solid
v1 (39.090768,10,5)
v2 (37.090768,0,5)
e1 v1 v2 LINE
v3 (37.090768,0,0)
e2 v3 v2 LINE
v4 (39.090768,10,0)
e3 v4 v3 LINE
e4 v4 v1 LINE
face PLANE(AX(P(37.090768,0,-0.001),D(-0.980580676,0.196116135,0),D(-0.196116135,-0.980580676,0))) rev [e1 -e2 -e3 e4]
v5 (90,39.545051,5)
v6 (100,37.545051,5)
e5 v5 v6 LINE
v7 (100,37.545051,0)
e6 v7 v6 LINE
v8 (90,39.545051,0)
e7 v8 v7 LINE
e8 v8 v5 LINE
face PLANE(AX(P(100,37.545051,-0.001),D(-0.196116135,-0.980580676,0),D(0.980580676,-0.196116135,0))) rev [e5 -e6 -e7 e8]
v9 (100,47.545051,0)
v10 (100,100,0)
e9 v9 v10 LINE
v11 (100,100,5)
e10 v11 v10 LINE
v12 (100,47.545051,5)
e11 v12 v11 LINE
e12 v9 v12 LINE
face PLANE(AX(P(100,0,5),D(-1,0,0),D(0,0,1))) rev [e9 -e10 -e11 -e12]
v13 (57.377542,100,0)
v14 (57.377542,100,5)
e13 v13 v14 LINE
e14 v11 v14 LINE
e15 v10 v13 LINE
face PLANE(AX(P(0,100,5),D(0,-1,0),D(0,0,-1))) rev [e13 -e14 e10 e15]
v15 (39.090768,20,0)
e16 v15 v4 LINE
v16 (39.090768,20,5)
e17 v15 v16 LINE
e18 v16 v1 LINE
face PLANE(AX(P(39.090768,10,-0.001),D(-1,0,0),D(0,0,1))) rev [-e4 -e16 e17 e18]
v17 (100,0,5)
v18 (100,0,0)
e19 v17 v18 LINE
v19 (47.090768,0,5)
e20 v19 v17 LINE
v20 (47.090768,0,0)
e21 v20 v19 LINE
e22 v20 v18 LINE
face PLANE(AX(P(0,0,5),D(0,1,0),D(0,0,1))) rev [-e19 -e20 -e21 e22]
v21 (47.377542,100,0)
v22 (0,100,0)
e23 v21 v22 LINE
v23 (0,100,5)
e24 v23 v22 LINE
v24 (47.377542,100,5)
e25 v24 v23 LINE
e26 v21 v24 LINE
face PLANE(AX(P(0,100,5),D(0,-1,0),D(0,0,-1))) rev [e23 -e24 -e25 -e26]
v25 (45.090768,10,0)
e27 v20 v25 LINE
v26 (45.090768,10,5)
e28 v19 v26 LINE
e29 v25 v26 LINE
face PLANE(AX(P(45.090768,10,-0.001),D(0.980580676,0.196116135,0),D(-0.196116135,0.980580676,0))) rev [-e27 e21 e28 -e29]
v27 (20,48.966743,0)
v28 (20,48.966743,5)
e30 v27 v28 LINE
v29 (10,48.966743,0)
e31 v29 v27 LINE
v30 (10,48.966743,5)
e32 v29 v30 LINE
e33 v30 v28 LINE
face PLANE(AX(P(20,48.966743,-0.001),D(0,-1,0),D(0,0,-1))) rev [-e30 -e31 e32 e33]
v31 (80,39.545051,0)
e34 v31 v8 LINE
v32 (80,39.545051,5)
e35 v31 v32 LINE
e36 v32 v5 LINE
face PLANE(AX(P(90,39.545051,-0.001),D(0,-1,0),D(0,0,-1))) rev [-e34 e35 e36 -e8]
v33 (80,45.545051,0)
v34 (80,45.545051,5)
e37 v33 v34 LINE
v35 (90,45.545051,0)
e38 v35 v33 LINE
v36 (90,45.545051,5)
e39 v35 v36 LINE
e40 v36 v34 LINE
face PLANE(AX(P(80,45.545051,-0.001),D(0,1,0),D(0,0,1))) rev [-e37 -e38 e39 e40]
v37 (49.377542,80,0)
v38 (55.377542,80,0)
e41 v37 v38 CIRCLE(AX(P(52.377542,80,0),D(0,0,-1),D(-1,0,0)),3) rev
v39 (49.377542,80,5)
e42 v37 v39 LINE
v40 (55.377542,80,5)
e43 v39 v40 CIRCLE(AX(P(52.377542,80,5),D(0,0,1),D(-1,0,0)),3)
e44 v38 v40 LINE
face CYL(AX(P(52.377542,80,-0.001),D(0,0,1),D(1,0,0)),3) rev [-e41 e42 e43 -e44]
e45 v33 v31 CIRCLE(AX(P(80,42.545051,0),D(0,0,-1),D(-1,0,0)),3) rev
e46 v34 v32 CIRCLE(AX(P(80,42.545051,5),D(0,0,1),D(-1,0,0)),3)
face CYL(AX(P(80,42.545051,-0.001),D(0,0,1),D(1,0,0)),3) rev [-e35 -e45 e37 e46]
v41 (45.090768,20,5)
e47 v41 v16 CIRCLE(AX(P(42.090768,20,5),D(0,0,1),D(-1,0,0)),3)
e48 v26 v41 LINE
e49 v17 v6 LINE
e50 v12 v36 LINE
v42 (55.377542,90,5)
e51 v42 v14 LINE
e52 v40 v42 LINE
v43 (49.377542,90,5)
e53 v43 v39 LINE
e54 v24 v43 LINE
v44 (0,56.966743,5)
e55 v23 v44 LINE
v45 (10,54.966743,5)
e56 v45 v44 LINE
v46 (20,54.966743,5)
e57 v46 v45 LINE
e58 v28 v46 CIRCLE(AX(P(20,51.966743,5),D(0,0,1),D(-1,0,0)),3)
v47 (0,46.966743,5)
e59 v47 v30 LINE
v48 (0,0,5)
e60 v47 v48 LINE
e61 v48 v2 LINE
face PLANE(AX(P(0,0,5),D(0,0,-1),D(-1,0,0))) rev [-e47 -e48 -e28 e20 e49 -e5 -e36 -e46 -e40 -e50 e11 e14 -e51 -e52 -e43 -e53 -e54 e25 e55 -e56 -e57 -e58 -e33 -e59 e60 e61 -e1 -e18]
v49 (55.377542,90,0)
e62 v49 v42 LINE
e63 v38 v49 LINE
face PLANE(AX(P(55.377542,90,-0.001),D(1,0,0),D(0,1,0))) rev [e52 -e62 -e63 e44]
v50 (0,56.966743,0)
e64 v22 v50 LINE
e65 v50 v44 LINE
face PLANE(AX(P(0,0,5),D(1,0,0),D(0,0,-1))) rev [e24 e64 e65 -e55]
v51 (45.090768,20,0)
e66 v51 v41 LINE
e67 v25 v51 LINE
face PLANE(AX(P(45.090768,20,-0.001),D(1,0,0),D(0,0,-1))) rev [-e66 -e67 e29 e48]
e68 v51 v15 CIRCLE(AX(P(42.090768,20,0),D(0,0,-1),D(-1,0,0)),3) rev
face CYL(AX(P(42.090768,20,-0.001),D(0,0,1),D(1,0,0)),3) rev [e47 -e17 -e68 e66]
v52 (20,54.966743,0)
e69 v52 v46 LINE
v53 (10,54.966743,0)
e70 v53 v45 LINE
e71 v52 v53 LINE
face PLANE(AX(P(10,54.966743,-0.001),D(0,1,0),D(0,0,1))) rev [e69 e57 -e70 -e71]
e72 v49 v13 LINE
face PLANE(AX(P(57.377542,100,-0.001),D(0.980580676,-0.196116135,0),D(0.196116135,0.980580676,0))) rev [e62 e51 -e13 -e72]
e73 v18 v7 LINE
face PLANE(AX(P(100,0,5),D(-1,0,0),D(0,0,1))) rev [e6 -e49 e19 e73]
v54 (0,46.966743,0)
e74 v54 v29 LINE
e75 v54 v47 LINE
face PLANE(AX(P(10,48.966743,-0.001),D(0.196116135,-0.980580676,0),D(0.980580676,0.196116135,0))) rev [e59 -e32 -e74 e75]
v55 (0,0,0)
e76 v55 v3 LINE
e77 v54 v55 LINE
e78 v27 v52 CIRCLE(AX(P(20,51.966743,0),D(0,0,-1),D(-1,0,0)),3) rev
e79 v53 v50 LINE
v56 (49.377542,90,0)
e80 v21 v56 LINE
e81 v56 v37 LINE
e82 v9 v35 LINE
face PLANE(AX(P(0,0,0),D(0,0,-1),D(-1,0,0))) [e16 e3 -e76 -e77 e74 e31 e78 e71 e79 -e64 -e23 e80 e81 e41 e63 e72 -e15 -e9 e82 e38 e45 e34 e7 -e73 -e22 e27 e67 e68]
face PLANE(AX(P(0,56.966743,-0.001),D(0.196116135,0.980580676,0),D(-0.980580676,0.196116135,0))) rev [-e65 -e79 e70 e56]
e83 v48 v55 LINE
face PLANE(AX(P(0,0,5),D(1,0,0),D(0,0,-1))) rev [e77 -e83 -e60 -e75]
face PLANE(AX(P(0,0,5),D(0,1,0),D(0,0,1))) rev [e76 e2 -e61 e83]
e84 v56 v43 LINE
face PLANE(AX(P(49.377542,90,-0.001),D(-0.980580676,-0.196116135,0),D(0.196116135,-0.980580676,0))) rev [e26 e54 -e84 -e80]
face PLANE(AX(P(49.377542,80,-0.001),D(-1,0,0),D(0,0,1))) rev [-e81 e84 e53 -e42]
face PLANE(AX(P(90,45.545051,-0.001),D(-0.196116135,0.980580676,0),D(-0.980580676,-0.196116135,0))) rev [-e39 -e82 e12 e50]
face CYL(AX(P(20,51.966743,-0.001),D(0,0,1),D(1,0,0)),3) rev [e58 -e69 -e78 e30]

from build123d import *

# Parameters (mm, degrees)
SKIZZE1_W                        = 100
SKIZZE1_H                        = 100
AUFSATZ_LINEAR_AUSTRAGEN1_DEPTH  = 5
SCHNITT_LINEAR_AUSTRAGEN1_REACH  = 7
SCHNITT_LINEAR_AUSTRAGEN14_REACH = 7
SCHNITT_LINEAR_AUSTRAGEN15_REACH = 7
SCHNITT_LINEAR_AUSTRAGEN16_REACH = 7


with BuildPart() as part:
    # Skizze1 → Aufsatz-Linear austragen1 (new body)
    with BuildSketch(Plane.XY):
        with Locations((50, 50)):
            Rectangle(SKIZZE1_W, SKIZZE1_H)
    extrude(amount=AUFSATZ_LINEAR_AUSTRAGEN1_DEPTH)

    # Skizze2 → Schnitt-Linear austragen1 (cut, up to next)
    with BuildSketch(Plane(origin=(61.541641428, 22.675716927, 5), x_dir=(1, 0, 0), z_dir=(0, 0, 1)), mode=Mode.PRIVATE) as schnitt_linear_austragen1_sk1:
        with BuildLine():
            Line((-24.45087326, -22.675716927), (-22.45087326, -12.675716927))
            Line((-22.45087326, -12.675716927), (-22.45087326, -2.675716927))
            ThreePointArc((-22.45087326, -2.675716927), (-19.45087326, 0.324283073), (-16.45087326, -2.675716927))
            Line((-16.45087326, -2.675716927), (-16.45087326, -12.675716927))
            Line((-16.45087326, -12.675716927), (-14.45087326, -22.675716927))
            Line((-14.45087326, -22.675716927), (-24.45087326, -22.675716927))
        make_face()
    schnitt_linear_austragen1_tool1 = extrude(schnitt_linear_austragen1_sk1.sketch, amount=-SCHNITT_LINEAR_AUSTRAGEN1_REACH, mode=Mode.PRIVATE) & part.part
    add(schnitt_linear_austragen1_tool1.solids().sort_by_distance((42.090768, 10.16893, 5))[0], mode=Mode.SUBTRACT)

    # Skizze24 → Schnitt-Linear austragen14 (cut, up to next)
    with BuildSketch(Plane(origin=(44.055881927, 74.466743066, 5), x_dir=(1, 0, 0), z_dir=(0, 0, 1)), mode=Mode.PRIVATE) as schnitt_linear_austragen14_sk1:
        with BuildLine():
            Line((-44.055881927, -17.5), (-34.055881927, -19.5))
            Line((-34.055881927, -19.5), (-24.055881927, -19.5))
            ThreePointArc((-24.055881927, -19.5), (-21.055881927, -22.5), (-24.055881927, -25.5))
            Line((-24.055881927, -25.5), (-34.055881927, -25.5))
            Line((-34.055881927, -25.5), (-44.055881927, -27.5))
            Line((-44.055881927, -27.5), (-44.055881927, -17.5))
        make_face()
    schnitt_linear_austragen14_tool1 = extrude(schnitt_linear_austragen14_sk1.sketch, amount=-SCHNITT_LINEAR_AUSTRAGEN14_REACH, mode=Mode.PRIVATE) & part.part
    add(schnitt_linear_austragen14_tool1.solids().sort_by_distance((10.16893, 51.966743, 5))[0], mode=Mode.SUBTRACT)

    # Skizze25 → Schnitt-Linear austragen15 (cut, up to next)
    with BuildSketch(Plane(origin=(81.625168415, 83.365494521, 5), x_dir=(1, 0, 0), z_dir=(0, 0, 1)), mode=Mode.PRIVATE) as schnitt_linear_austragen15_sk1:
        with BuildLine():
            Line((-24.247626507, 16.634505479), (-26.247626507, 6.634505479))
            Line((-26.247626507, 6.634505479), (-26.247626507, -3.365494521))
            ThreePointArc((-26.247626507, -3.365494521), (-29.247626507, -6.365494521), (-32.247626507, -3.365494521))
            Line((-32.247626507, -3.365494521), (-32.247626507, 6.634505479))
            Line((-32.247626507, 6.634505479), (-34.247626507, 16.634505479))
            Line((-34.247626507, 16.634505479), (-24.247626507, 16.634505479))
        make_face()
    schnitt_linear_austragen15_tool1 = extrude(schnitt_linear_austragen15_sk1.sketch, amount=-SCHNITT_LINEAR_AUSTRAGEN15_REACH, mode=Mode.PRIVATE) & part.part
    add(schnitt_linear_austragen15_tool1.solids().sort_by_distance((52.377542, 89.83107, 5))[0], mode=Mode.SUBTRACT)

    # Skizze26 → Schnitt-Linear austragen16 (cut, up to next)
    with BuildSketch(Plane(origin=(95.870397917, 55.045051389, 5), x_dir=(1, 0, 0), z_dir=(0, 0, 1)), mode=Mode.PRIVATE) as schnitt_linear_austragen16_sk1:
        with BuildLine():
            Line((4.129602083, -17.5), (-5.870397917, -15.5))
            Line((-5.870397917, -15.5), (-15.870397917, -15.5))
            ThreePointArc((-15.870397917, -15.5), (-18.870397917, -12.5), (-15.870397917, -9.5))
            Line((-15.870397917, -9.5), (-5.870397917, -9.5))
            Line((-5.870397917, -9.5), (4.129602083, -7.5))
            Line((4.129602083, -7.5), (4.129602083, -17.5))
        make_face()
    schnitt_linear_austragen16_tool1 = extrude(schnitt_linear_austragen16_sk1.sketch, amount=-SCHNITT_LINEAR_AUSTRAGEN16_REACH, mode=Mode.PRIVATE) & part.part
    add(schnitt_linear_austragen16_tool1.solids().sort_by_distance((89.83107, 42.545051, 5))[0], mode=Mode.SUBTRACT)


solid = part.part
